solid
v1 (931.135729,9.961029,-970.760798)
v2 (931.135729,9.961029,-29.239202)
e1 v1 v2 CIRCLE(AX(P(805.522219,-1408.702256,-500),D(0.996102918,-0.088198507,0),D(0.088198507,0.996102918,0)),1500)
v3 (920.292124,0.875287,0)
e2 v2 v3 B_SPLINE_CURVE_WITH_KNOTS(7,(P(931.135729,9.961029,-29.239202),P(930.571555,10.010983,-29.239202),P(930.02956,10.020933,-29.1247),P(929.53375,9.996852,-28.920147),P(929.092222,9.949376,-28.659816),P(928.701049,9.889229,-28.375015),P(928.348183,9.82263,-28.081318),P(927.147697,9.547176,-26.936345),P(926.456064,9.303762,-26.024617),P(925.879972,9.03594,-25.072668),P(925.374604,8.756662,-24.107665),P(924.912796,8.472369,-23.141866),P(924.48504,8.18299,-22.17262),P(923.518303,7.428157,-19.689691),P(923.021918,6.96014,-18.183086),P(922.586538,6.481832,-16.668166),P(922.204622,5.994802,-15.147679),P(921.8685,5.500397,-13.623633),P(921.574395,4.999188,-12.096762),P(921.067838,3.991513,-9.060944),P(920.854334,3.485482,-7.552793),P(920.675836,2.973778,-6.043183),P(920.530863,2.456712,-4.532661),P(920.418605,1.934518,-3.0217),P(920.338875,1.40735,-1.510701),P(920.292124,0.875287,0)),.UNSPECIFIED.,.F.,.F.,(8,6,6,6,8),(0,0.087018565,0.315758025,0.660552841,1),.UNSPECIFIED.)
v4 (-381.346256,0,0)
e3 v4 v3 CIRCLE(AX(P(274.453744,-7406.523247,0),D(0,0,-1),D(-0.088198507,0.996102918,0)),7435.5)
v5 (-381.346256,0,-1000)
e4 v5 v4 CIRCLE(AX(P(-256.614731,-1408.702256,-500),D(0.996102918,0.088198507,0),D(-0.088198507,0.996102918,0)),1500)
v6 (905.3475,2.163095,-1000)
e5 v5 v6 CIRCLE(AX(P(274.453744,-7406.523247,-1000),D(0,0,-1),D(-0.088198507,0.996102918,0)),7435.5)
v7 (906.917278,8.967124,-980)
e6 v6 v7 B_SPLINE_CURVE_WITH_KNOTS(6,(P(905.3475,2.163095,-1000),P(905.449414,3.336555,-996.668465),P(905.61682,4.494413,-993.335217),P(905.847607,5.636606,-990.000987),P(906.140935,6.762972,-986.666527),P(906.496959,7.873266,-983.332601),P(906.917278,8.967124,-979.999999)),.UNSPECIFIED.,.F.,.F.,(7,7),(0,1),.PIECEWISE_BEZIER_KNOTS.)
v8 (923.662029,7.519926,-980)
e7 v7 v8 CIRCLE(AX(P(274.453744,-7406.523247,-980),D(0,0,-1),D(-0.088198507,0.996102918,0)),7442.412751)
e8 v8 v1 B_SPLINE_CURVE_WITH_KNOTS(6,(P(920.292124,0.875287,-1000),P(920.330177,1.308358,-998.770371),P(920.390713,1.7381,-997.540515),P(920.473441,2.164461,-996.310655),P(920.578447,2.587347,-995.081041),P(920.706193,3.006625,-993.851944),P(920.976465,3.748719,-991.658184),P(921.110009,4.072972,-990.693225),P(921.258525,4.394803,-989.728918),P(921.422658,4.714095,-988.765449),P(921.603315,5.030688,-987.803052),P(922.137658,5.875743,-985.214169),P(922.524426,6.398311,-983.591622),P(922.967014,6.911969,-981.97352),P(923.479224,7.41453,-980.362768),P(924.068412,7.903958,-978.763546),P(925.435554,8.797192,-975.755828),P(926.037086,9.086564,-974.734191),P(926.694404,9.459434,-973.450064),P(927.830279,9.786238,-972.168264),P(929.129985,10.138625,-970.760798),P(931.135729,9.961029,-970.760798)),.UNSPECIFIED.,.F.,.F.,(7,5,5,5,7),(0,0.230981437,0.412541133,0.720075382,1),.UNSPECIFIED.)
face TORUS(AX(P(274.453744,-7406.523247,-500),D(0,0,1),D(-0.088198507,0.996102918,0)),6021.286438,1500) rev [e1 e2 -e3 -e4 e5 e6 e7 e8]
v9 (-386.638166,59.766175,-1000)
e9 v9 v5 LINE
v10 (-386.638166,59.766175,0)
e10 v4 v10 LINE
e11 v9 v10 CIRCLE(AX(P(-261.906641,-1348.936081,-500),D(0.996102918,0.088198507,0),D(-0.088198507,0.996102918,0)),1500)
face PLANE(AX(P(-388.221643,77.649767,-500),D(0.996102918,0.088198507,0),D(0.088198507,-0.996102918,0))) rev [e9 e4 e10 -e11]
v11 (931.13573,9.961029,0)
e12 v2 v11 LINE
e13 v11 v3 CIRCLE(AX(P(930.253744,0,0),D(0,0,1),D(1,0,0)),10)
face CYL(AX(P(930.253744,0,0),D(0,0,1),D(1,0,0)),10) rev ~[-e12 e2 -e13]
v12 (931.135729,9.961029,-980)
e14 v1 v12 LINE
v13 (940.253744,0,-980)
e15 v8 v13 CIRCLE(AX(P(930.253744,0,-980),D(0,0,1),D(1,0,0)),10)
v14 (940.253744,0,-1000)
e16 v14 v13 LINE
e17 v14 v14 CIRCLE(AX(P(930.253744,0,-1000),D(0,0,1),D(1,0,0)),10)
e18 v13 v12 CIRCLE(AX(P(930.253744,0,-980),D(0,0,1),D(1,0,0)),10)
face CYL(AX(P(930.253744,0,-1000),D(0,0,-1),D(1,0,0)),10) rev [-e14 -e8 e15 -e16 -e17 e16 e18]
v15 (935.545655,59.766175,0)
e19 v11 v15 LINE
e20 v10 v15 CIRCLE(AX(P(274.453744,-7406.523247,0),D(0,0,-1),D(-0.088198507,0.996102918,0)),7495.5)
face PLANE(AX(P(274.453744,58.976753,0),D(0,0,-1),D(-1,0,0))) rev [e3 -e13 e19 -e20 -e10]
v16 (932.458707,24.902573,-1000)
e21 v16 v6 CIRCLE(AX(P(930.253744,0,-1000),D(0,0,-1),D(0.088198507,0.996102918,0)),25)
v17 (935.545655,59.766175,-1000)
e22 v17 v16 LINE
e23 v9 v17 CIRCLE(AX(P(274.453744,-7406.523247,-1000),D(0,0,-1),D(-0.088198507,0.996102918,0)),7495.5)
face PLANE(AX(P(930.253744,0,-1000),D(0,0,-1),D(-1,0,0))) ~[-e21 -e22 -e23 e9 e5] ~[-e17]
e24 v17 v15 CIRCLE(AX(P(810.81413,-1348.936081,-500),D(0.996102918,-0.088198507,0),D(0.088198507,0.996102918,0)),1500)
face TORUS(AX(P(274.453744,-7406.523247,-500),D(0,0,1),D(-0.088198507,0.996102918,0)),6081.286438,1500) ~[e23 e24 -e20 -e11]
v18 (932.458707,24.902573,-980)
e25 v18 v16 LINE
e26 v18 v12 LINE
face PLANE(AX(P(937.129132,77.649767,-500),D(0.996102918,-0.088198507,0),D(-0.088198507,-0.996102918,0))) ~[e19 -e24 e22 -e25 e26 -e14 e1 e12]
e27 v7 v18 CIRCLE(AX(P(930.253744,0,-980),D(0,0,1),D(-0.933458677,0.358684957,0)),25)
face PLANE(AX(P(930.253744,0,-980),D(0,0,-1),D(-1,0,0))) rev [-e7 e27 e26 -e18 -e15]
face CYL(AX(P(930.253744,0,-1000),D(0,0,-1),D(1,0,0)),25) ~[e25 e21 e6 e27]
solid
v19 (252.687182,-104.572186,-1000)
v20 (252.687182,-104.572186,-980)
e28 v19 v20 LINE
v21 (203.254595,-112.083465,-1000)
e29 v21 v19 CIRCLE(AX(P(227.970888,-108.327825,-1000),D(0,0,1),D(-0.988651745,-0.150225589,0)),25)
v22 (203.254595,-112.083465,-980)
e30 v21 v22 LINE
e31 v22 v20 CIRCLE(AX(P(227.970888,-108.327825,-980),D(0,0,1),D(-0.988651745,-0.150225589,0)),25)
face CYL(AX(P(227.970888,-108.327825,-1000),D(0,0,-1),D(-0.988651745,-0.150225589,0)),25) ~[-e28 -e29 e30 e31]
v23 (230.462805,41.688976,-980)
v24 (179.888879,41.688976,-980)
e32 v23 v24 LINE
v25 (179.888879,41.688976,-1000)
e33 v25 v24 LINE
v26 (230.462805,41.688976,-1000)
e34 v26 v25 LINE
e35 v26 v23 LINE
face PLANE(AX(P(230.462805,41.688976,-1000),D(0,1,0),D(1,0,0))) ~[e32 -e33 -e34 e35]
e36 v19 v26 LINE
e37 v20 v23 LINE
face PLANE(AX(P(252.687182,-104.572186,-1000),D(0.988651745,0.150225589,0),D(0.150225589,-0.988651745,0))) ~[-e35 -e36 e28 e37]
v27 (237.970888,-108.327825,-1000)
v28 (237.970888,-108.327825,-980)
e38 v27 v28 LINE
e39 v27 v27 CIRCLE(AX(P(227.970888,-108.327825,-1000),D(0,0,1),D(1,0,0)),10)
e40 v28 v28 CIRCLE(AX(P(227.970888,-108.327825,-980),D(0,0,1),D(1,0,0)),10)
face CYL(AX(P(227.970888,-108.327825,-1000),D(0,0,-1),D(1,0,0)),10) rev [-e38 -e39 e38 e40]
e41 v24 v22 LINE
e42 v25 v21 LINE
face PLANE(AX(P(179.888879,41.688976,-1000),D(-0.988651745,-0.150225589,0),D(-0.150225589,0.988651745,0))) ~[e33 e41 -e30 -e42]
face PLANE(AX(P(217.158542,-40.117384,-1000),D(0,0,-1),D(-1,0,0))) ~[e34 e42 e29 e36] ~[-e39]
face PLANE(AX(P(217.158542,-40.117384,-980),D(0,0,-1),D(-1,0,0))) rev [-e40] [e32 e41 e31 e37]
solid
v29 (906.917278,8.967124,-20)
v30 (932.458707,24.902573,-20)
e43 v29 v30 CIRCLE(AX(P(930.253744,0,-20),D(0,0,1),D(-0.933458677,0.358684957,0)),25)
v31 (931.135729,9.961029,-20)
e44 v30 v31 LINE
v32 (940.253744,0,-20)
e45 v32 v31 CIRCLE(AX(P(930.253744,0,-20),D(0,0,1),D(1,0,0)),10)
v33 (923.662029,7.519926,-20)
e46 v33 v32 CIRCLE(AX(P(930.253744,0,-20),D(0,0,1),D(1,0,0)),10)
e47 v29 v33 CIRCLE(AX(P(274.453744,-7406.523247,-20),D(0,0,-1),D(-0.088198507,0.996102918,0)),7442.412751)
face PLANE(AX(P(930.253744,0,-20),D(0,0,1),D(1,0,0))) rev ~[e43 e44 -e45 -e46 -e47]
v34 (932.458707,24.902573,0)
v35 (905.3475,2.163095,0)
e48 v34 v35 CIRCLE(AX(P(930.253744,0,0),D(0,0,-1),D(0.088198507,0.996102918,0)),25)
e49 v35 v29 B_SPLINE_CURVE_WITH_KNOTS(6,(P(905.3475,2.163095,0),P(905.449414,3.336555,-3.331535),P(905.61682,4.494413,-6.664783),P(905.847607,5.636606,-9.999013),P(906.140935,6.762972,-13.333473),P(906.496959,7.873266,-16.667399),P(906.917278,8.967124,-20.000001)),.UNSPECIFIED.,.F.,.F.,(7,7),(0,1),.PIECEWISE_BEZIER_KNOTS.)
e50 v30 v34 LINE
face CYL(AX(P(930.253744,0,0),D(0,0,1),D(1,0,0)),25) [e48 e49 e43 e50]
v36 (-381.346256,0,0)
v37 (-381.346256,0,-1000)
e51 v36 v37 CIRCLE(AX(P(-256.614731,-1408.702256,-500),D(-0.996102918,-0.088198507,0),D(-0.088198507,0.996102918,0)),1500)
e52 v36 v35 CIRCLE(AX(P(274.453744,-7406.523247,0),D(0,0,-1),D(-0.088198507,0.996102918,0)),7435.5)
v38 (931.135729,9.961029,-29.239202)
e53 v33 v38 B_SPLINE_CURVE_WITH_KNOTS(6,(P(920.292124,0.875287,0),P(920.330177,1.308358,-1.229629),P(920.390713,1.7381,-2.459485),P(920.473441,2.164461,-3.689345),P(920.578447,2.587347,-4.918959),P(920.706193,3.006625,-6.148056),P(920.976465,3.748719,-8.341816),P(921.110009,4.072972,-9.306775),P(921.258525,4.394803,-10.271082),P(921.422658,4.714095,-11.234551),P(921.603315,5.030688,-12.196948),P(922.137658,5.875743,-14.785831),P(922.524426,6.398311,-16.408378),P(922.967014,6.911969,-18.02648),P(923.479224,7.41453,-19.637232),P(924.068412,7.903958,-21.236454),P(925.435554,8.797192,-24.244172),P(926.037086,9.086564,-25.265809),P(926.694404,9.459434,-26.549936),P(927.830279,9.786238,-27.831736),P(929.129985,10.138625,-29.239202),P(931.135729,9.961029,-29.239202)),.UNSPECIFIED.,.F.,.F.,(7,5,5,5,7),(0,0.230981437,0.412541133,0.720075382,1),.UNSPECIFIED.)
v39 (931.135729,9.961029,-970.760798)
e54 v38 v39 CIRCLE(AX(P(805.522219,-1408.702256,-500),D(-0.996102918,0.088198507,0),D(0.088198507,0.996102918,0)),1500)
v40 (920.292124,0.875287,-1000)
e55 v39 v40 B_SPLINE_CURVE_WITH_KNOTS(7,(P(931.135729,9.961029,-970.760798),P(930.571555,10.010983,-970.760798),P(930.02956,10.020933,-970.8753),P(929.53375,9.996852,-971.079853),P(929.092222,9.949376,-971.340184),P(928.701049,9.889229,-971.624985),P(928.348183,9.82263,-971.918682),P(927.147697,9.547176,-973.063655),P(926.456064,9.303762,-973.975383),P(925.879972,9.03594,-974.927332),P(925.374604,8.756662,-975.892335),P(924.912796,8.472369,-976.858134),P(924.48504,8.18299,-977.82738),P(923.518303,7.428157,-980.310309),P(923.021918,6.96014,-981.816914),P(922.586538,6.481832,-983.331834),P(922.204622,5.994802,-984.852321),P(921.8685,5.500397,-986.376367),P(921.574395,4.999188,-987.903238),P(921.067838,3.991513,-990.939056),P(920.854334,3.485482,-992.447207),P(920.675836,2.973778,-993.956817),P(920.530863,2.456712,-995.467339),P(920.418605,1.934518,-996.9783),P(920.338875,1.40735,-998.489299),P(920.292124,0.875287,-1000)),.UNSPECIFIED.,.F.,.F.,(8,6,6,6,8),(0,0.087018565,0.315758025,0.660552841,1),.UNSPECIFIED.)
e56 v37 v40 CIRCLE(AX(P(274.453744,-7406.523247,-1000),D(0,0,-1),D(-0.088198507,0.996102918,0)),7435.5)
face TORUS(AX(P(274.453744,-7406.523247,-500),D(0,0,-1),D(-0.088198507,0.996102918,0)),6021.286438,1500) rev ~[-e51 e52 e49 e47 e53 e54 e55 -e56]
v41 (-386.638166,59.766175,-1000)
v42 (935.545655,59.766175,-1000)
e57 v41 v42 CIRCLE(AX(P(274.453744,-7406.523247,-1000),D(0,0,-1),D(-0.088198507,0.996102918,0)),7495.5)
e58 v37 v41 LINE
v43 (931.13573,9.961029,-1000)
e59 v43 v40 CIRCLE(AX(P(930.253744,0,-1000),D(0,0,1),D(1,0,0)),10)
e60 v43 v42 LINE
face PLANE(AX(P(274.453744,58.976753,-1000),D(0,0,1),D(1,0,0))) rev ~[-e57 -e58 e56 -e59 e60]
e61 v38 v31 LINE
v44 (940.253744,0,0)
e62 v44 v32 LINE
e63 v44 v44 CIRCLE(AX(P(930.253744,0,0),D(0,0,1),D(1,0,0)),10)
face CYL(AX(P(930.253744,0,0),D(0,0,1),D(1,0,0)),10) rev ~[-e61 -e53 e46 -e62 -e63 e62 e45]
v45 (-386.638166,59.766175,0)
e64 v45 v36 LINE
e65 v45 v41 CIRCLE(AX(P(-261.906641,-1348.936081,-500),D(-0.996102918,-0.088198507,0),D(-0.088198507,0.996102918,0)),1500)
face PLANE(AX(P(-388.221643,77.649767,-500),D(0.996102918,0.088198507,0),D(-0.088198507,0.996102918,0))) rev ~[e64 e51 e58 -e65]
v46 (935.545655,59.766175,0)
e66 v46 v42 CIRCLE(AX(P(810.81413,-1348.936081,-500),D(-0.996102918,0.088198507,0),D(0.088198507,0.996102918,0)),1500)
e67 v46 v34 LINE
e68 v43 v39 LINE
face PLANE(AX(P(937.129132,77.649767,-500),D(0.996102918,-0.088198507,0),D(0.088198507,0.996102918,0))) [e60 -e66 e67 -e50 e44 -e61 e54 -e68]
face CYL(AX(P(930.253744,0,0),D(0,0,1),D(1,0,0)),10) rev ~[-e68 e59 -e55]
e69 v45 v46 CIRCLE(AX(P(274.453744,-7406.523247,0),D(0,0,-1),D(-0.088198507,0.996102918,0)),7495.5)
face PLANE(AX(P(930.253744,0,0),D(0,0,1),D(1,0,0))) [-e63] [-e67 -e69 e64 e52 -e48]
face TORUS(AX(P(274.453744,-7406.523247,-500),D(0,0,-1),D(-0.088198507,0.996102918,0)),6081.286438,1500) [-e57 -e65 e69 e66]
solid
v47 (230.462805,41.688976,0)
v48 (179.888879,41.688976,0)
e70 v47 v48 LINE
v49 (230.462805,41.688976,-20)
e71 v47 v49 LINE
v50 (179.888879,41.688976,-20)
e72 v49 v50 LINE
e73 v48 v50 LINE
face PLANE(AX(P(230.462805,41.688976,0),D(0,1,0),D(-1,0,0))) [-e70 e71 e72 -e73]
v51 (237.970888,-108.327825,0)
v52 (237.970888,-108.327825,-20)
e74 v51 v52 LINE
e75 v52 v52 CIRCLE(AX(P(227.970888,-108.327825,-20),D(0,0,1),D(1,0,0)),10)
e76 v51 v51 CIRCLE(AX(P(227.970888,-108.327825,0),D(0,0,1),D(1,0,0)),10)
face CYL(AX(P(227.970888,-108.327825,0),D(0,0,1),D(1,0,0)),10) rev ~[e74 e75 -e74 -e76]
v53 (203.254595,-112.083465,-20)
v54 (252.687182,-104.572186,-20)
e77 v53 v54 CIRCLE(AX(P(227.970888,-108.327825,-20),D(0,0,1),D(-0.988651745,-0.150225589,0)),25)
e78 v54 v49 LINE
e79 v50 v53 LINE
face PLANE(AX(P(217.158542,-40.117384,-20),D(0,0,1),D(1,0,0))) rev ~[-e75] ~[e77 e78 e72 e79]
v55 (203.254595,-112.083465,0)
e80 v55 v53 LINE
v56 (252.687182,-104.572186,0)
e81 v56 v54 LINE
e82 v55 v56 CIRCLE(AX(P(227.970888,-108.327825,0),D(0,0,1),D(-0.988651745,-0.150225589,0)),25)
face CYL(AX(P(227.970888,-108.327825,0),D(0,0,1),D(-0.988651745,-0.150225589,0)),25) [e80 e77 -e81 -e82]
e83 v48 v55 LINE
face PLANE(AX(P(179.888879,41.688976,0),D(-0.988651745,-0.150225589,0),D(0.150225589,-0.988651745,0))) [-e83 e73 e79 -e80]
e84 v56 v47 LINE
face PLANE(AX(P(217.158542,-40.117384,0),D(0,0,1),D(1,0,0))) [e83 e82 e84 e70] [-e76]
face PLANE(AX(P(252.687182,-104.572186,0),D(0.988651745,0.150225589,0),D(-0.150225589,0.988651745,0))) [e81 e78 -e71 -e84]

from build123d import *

# Parameters (mm, degrees)
SKETCH3_R               = 10
BOSS_EXTRUDE1_DEPTH     = 20
SKETCH4_R               = 25
BOSS_EXTRUDE2_DEPTH     = 20
SKETCH5_R               = 10
CUT_EXTRUDE1_DEPTH      = 40
SKETCH9_R               = 10
CUT_EXTRUDE2_DEPTH      = 1.0000001
CUT_EXTRUDE2_DEPTH_BACK = 1001.0000001


with BuildPart() as part:
    # Sweep1: sweep along a path in Sketch1
    with BuildLine(Plane.XY) as sweep1_path:
        ThreePointArc((-381.346255507, 0), (274.453744493, 28.976752889), (930.253744493, 0))
    # Sketch2 → Sweep1 (sweep)
    with BuildSketch(Plane(origin=(-381.346255507, 0, 0), x_dir=(0, 0, -1), z_dir=(0.996102918, 0.088198507, 0))):
        with BuildLine():
            Line((1000, 0), (1000, 60))
            ThreePointArc((1000, 60), (500, 145.786437627), (0, 60))
            Line((0, 60), (0, 0))
            ThreePointArc((0, 0), (500, 85.786437627), (1000, 0))
        make_face()
    sweep(path=sweep1_path.line)

    # Sketch4 → Boss-Extrude2 (add)
    with BuildSketch(Plane.XY):
        with Locations((930.253744493, 0)):
            Circle(SKETCH4_R)
    extrude(amount=-BOSS_EXTRUDE2_DEPTH)

    # Sketch5 → Cut-Extrude1 (cut)
    with BuildSketch(Plane.XY):
        with Locations((930.253744493, 0)):
            Circle(SKETCH5_R)
    extrude(amount=-CUT_EXTRUDE1_DEPTH, mode=Mode.SUBTRACT)


with BuildPart() as body_2:
    # Sketch3 → Boss-Extrude1 (new body)
    with BuildSketch(Plane.XY):
        with BuildLine():
            Line((230.462804943, 41.688976459), (179.888879124, 41.688976459))
            Line((179.888879124, 41.688976459), (203.254594848, -112.083465063))
            ThreePointArc((203.254594848, -112.083465063), (231.726528195, -133.044118954), (252.687182085, -104.572185607))
            Line((252.687182085, -104.572185607), (230.462804943, 41.688976459))
        make_face()
        with Locations((227.970888467, -108.327825335)):
            Circle(SKETCH3_R, mode=Mode.SUBTRACT)
    extrude(amount=-BOSS_EXTRUDE1_DEPTH)


with BuildPart() as body_3:
    # Mirror5: mirrored copy
    add(body_2.part.mirror(Plane.XY.offset(-500)))


with BuildPart() as body_4:
    # Mirror5 2: mirrored copy
    add(part.part.mirror(Plane.XY.offset(-500)))


with BuildPart() as cut_extrude2_tool:
    # Sketch9 → Cut-Extrude2 (new body, two sides)
    with BuildSketch(Plane.XY) as cut_extrude2_sk:
        with Locations((930.253744493, 0)):
            Circle(SKETCH9_R)
    extrude(amount=CUT_EXTRUDE2_DEPTH)
    extrude(cut_extrude2_sk.sketch, amount=-CUT_EXTRUDE2_DEPTH_BACK)


with BuildPart() as part_1:
    add(part.part)

    # Cut-Extrude2: cut by cut_extrude2_tool
    add(cut_extrude2_tool.part, mode=Mode.SUBTRACT)


with BuildPart() as body_4_1:
    add(body_4.part)

    # Cut-Extrude2: cut by cut_extrude2_tool
    add(cut_extrude2_tool.part, mode=Mode.SUBTRACT)


solid = Compound([body_2.part, body_3.part, part_1.part, body_4_1.part])
